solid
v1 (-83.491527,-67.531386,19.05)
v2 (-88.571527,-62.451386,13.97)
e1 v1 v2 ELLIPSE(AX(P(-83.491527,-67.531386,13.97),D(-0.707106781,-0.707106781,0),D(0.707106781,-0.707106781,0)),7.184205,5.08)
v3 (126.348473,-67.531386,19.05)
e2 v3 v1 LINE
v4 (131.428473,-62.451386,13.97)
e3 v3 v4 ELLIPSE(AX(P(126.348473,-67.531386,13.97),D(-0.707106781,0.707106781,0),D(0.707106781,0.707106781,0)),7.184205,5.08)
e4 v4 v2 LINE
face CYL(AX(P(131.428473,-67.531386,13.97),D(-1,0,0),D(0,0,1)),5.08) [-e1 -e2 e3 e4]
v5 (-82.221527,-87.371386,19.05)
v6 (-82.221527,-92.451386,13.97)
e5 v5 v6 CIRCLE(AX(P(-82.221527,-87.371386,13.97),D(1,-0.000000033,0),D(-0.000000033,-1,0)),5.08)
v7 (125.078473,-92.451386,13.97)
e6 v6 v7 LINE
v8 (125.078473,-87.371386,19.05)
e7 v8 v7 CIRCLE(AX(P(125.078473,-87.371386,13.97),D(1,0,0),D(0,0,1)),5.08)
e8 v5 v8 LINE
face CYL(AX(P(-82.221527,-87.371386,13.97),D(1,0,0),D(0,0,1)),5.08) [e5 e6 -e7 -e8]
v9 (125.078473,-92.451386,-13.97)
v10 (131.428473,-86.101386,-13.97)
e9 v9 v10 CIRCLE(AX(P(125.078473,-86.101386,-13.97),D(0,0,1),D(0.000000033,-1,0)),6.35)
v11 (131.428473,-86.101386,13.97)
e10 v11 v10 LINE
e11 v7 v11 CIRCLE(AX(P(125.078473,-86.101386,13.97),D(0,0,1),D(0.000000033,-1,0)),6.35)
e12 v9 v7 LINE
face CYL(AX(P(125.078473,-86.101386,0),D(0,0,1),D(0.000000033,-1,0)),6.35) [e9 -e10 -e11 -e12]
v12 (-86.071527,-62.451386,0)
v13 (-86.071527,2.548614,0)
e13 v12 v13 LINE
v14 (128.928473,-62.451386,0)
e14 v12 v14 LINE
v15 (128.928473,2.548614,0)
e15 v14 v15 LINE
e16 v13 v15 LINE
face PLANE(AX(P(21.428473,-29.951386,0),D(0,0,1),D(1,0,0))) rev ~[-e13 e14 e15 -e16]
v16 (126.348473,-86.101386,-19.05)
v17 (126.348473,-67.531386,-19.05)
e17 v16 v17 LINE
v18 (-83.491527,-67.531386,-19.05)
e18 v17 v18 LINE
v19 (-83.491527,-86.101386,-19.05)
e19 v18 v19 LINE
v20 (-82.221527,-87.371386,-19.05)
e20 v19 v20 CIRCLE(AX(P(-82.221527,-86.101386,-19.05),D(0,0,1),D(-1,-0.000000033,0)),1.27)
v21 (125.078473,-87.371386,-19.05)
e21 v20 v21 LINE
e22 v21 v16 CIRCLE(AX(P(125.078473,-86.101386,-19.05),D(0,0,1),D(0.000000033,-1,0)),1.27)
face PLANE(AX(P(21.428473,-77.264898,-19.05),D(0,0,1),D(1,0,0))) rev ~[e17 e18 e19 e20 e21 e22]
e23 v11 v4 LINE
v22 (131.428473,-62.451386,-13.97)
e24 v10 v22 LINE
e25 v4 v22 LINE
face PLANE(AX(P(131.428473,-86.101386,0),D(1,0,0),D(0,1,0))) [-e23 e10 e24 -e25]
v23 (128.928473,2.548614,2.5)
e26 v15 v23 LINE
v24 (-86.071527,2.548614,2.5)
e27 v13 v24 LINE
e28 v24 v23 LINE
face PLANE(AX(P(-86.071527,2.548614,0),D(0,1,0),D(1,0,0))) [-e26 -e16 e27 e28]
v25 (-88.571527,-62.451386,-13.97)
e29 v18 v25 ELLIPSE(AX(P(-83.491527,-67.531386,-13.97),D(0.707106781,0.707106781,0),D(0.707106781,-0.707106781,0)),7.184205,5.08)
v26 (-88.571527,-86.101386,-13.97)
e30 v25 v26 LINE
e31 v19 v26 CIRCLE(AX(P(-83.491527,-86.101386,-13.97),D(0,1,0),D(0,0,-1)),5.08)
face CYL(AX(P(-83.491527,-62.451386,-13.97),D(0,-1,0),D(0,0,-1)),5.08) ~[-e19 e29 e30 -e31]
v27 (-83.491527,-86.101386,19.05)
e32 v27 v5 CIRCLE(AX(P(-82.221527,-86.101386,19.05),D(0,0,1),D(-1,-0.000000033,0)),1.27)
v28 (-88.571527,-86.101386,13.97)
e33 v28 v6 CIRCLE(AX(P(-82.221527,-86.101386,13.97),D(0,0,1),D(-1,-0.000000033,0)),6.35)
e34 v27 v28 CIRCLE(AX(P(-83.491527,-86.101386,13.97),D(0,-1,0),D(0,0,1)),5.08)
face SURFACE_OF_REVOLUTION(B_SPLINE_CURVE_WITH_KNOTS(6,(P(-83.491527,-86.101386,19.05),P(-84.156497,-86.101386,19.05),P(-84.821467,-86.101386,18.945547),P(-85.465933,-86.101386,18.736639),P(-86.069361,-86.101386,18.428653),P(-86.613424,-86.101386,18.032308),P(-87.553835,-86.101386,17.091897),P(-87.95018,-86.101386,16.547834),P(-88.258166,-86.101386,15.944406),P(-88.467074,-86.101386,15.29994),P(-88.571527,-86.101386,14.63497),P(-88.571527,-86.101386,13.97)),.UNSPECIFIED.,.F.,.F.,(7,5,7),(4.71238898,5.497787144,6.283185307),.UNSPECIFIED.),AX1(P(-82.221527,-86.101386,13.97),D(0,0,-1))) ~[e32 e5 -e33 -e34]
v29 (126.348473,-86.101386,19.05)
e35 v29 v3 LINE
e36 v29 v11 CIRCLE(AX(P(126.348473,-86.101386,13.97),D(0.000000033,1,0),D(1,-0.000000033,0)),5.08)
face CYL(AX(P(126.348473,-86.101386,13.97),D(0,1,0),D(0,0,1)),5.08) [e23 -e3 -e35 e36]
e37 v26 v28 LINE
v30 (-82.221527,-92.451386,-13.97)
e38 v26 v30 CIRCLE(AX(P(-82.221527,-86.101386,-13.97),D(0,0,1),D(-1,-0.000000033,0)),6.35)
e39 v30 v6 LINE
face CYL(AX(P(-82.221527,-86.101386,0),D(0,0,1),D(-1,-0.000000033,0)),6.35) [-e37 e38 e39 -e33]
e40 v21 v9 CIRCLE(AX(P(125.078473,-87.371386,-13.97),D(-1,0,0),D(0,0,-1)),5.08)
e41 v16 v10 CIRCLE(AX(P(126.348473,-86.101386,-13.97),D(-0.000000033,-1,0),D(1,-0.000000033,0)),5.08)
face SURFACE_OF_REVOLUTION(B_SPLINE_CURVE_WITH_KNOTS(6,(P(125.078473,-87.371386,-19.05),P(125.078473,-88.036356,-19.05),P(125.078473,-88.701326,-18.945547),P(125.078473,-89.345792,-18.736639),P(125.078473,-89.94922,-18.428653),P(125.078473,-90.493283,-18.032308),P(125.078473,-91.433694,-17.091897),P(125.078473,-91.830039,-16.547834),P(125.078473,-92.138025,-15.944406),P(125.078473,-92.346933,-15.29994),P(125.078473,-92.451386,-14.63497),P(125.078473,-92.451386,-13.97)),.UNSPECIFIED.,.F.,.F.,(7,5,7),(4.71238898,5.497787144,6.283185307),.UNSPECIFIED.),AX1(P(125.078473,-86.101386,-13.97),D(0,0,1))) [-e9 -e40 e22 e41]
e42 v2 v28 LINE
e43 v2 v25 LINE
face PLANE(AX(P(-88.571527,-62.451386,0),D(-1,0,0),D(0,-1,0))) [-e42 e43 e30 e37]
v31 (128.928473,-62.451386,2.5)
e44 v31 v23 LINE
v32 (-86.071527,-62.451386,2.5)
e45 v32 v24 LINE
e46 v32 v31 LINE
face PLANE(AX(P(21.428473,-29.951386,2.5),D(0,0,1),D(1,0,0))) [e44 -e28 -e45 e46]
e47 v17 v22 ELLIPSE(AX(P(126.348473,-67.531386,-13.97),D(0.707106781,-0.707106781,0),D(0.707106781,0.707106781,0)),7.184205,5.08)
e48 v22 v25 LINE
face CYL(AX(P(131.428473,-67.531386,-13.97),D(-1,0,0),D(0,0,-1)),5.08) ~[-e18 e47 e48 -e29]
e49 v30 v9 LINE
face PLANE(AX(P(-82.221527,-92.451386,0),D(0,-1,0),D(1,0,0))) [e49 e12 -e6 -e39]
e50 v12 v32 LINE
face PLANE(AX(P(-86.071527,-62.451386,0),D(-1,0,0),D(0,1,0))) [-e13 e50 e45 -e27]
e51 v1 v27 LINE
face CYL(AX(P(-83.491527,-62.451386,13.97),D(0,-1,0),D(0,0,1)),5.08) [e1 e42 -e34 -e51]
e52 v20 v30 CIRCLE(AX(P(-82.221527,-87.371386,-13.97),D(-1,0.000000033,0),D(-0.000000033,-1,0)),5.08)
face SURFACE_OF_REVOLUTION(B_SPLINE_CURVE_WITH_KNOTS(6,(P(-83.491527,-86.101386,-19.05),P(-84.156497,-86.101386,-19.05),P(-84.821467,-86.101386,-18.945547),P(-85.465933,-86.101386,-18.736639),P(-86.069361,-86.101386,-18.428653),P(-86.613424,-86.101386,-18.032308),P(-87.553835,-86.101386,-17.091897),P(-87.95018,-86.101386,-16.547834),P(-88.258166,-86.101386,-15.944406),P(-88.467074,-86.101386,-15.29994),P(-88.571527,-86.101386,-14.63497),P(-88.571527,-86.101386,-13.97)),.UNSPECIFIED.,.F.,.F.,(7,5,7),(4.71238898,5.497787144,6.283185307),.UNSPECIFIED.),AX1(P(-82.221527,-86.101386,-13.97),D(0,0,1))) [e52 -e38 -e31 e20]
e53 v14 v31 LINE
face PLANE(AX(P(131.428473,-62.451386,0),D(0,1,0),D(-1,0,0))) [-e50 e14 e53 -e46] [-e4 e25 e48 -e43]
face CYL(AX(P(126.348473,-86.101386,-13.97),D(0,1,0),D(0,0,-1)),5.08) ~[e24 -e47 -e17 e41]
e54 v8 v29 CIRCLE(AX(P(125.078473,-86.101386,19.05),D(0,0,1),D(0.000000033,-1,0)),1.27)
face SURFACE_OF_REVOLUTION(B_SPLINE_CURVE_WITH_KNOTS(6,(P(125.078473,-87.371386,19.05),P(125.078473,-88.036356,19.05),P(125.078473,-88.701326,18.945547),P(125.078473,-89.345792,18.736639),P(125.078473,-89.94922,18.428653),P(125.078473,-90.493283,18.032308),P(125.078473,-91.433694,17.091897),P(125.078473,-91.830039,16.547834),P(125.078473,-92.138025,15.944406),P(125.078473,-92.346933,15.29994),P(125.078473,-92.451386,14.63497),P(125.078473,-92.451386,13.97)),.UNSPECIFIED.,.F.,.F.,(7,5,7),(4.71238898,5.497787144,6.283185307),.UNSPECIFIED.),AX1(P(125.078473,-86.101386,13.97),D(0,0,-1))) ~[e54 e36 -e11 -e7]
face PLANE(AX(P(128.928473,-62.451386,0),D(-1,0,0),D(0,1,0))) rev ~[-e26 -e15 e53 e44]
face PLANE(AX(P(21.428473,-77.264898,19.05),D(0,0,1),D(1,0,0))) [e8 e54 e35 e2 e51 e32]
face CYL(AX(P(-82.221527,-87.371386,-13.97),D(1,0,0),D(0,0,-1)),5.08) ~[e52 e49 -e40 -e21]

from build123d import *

# Parameters (mm, degrees)
F0_W     = 215
F0_H     = 65
F1_DEPTH = 2.5
F2_DEPTH = 19.05
F3_R     = 5.08


with BuildPart() as f1:
    # F0 (on Top) → F1 (new body)
    with BuildSketch(Plane.XY):
        with Locations((21.428473, -29.951386)):
            Rectangle(F0_W, F0_H)
    extrude(amount=F1_DEPTH)

    # F0 (on Top) → F2 (join, symmetric)
    with BuildSketch(Plane.XY):
        with BuildLine():
            Line((128.928473, -62.451386), (-86.071527, -62.451386))
            Line((-86.071527, -62.451386), (-88.571527, -62.451386))
            Line((-88.571527, -62.451386), (-88.571527, -86.101386))
            ThreePointArc((-88.571527, -86.101386), (-86.711655, -90.591514), (-82.221527, -92.451386))
            Line((-82.221527, -92.451386), (125.078473, -92.451386))
            ThreePointArc((125.078473, -92.451386), (129.568601, -90.591514), (131.428473, -86.101386))
            Line((131.428473, -86.101386), (131.428473, -62.451386))
            Line((131.428473, -62.451386), (128.928473, -62.451386))
        make_face()
    extrude(amount=F2_DEPTH, both=True)

    # F3
    f3_edges = [f1.edges().sort_by_distance(p)[0] for p in [
        (21.428473, -92.451386, 19.05),
        (21.428473, -92.451386, -19.05),
        (21.428473, -62.451386, 19.05),
        (21.428473, -62.451386, -19.05),
    ]]
    fillet(f3_edges, radius=F3_R)


solid = f1.part
